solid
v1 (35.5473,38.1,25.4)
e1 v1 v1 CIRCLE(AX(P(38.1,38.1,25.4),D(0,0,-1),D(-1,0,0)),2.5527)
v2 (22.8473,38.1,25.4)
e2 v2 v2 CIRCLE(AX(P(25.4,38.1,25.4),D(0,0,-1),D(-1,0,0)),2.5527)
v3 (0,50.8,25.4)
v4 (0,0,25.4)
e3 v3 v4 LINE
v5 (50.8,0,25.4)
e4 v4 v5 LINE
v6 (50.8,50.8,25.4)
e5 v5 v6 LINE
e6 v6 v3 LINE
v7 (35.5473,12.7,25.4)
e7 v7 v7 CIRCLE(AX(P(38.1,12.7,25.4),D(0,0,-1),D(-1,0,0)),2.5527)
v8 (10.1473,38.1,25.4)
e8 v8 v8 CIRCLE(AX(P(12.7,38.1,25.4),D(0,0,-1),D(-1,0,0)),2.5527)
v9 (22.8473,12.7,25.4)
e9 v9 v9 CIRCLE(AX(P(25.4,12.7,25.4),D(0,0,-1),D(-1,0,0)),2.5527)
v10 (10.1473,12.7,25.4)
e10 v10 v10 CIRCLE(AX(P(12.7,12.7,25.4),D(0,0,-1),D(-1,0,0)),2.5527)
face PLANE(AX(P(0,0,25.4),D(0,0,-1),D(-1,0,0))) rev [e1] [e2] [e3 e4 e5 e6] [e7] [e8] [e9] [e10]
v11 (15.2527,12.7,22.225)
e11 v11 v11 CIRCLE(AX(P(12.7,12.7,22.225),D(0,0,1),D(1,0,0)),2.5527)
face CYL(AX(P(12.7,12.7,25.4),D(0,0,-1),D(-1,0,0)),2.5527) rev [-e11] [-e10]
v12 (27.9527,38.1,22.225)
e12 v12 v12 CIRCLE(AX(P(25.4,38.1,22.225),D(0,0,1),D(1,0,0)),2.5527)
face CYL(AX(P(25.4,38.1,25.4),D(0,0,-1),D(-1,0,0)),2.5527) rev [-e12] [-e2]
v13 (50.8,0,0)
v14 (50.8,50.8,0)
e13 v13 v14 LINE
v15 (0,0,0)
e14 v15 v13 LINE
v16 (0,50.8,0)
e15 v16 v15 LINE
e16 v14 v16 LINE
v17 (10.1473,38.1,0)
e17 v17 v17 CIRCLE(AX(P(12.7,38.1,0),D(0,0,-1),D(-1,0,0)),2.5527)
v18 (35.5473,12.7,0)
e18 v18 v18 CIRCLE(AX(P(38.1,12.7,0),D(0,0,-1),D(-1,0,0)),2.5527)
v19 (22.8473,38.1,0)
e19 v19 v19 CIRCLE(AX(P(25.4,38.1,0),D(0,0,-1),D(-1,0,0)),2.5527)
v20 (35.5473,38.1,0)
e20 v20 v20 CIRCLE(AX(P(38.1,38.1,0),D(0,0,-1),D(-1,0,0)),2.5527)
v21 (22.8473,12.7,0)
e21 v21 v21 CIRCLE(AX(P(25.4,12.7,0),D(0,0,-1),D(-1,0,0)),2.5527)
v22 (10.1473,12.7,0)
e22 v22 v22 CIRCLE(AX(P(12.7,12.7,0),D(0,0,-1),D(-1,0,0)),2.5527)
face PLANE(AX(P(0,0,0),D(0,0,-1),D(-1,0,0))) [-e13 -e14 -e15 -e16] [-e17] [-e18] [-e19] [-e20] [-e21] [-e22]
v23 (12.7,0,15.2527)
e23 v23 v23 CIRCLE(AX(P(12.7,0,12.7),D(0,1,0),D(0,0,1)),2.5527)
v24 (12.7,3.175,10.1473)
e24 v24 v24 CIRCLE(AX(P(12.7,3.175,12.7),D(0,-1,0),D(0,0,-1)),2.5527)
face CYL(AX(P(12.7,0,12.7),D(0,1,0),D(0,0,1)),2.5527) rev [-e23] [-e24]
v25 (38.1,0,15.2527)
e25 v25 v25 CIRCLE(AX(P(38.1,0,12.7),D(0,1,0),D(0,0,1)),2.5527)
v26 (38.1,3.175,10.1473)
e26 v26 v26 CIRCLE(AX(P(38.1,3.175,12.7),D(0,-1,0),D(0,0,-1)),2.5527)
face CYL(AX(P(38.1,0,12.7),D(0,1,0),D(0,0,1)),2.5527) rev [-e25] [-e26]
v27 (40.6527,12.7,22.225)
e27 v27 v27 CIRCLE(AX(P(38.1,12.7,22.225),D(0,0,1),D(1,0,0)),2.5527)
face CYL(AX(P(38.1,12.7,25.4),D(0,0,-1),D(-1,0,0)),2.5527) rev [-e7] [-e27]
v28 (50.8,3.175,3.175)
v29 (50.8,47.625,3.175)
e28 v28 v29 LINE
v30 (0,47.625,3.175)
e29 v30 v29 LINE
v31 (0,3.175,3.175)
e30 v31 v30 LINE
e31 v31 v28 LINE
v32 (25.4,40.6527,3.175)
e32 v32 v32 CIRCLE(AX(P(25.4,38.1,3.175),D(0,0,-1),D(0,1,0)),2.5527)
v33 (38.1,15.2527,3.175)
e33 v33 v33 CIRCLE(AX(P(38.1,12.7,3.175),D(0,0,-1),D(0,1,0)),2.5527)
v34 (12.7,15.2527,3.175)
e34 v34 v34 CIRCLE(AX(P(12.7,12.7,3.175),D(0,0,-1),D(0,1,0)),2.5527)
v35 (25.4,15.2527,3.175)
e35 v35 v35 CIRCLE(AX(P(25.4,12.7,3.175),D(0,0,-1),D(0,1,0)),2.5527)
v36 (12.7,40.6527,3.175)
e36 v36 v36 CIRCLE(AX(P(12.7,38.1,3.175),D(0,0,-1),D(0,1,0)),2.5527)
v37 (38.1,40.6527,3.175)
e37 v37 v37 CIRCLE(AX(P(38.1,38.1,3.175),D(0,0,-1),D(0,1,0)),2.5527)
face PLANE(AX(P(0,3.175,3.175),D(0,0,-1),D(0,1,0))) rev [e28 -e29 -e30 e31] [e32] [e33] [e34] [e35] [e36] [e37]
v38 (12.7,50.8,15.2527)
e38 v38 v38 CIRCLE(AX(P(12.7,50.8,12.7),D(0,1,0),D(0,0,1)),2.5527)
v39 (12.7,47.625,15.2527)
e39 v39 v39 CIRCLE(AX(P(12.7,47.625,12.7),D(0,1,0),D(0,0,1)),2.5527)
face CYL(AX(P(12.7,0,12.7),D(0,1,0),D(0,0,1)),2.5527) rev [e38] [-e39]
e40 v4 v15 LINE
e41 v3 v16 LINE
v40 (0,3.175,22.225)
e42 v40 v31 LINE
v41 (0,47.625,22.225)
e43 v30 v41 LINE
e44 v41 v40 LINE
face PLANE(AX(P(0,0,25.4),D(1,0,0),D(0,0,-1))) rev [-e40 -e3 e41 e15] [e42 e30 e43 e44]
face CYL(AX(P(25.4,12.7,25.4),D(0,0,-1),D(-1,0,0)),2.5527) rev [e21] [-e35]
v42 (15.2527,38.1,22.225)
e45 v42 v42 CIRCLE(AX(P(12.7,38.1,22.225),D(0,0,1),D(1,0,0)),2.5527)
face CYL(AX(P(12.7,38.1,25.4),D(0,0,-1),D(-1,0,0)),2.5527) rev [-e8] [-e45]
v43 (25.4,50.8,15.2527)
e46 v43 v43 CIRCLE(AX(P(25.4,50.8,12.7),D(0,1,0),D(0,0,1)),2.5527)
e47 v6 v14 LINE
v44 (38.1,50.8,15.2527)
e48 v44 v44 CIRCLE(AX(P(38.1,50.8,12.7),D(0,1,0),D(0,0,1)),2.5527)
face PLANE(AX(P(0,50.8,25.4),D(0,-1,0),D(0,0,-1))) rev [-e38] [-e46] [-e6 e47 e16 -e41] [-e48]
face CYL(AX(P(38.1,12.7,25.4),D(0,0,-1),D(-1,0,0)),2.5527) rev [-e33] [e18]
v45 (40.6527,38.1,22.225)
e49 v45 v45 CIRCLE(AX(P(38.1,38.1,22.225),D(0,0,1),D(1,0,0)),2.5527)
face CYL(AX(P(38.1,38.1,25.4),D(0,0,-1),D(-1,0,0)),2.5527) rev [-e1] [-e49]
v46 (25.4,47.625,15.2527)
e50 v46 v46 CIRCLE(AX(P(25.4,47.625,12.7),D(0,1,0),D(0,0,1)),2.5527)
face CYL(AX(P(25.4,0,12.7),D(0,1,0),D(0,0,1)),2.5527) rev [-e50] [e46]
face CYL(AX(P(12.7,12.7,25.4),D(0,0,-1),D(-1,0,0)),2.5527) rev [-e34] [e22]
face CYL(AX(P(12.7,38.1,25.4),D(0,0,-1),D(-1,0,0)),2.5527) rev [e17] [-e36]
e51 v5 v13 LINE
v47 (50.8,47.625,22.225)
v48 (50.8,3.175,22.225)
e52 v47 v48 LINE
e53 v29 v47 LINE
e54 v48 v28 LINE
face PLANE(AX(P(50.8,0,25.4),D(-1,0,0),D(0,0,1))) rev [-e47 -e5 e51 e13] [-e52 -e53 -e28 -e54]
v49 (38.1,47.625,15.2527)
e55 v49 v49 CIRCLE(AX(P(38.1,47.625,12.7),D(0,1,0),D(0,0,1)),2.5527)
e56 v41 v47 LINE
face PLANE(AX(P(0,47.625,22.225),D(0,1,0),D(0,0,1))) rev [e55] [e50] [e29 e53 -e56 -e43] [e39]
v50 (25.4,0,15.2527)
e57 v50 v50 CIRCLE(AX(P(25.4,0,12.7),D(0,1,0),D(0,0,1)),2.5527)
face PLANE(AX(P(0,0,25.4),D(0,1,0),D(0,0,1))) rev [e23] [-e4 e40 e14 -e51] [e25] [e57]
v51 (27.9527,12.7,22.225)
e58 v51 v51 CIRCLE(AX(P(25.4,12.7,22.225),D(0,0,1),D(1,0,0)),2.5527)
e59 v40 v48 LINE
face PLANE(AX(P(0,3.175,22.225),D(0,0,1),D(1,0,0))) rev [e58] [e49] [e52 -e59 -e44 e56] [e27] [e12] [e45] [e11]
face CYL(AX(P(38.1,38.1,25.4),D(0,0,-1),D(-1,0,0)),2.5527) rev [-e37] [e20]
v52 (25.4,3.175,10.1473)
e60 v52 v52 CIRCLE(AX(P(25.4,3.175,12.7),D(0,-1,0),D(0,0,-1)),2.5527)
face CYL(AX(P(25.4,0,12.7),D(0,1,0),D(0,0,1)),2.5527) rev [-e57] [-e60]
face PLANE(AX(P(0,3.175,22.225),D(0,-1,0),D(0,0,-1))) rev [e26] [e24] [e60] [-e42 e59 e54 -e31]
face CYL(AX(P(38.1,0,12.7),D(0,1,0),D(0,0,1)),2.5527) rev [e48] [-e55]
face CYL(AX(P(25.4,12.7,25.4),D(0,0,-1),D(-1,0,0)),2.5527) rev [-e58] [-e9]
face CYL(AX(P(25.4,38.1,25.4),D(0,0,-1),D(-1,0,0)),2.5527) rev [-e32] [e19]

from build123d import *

# Parameters (mm, degrees)
SKETCH1_W           = 50.8
SKETCH1_H           = 50.8
BOSS_EXTRUDE1_DEPTH = 25.4
SKETCH2_W           = 19.05
SKETCH2_H           = 44.45
CUT_EXTRUDE1_DEPTH  = 77.2
SKETCH3_R           = 2.5527
CUT_EXTRUDE2_DEPTH  = 77.2
SKETCH4_R           = 2.5527
CUT_EXTRUDE3_DEPTH  = 77.2


with BuildPart() as part:
    # Sketch1 → Boss-Extrude1 (new body)
    with BuildSketch(Plane.XY):
        with Locations((25.4, 25.4)):
            Rectangle(SKETCH1_W, SKETCH1_H)
    extrude(amount=BOSS_EXTRUDE1_DEPTH)

    # Sketch2 → Cut-Extrude1 (cut, through all)
    with BuildSketch(Plane(origin=(50.8, 0, 0), x_dir=(0, 0, -1), z_dir=(1, 0, 0))):
        with Locations((-12.7, 25.4)):
            Rectangle(SKETCH2_W, SKETCH2_H)
    extrude(amount=-CUT_EXTRUDE1_DEPTH, mode=Mode.SUBTRACT)

    # Sketch3 → Cut-Extrude2 (cut, through all)
    with BuildSketch(Plane(origin=(0, 50.8, 0), x_dir=(1, 0, 0), z_dir=(0, 1, 0))):
        with Locations(Location((12.7, -12.7, 0), (0, 0, 270))):
            Circle(SKETCH3_R)
        with Locations(Location((25.4, -12.7, 0), (0, 0, 270))):
            Circle(SKETCH3_R)
        with Locations(Location((38.1, -12.7, 0), (0, 0, 270))):
            Circle(SKETCH3_R)
    extrude(amount=-CUT_EXTRUDE2_DEPTH, mode=Mode.SUBTRACT)

    # Sketch4 → Cut-Extrude3 (cut, through all)
    with BuildSketch(Plane(origin=(0, 0, 0), x_dir=(-1, 0, 0), z_dir=(0, 0, -1))):
        with Locations((-38.1, 38.1)):
            Circle(SKETCH4_R)
        with Locations((-25.4, 38.1)):
            Circle(SKETCH4_R)
        with Locations((-12.7, 38.1)):
            Circle(SKETCH4_R)
        with Locations((-38.1, 12.7)):
            Circle(SKETCH4_R)
        with Locations((-25.4, 12.7)):
            Circle(SKETCH4_R)
        with Locations((-12.7, 12.7)):
            Circle(SKETCH4_R)
    extrude(amount=-CUT_EXTRUDE3_DEPTH, mode=Mode.SUBTRACT)


solid = part.part
